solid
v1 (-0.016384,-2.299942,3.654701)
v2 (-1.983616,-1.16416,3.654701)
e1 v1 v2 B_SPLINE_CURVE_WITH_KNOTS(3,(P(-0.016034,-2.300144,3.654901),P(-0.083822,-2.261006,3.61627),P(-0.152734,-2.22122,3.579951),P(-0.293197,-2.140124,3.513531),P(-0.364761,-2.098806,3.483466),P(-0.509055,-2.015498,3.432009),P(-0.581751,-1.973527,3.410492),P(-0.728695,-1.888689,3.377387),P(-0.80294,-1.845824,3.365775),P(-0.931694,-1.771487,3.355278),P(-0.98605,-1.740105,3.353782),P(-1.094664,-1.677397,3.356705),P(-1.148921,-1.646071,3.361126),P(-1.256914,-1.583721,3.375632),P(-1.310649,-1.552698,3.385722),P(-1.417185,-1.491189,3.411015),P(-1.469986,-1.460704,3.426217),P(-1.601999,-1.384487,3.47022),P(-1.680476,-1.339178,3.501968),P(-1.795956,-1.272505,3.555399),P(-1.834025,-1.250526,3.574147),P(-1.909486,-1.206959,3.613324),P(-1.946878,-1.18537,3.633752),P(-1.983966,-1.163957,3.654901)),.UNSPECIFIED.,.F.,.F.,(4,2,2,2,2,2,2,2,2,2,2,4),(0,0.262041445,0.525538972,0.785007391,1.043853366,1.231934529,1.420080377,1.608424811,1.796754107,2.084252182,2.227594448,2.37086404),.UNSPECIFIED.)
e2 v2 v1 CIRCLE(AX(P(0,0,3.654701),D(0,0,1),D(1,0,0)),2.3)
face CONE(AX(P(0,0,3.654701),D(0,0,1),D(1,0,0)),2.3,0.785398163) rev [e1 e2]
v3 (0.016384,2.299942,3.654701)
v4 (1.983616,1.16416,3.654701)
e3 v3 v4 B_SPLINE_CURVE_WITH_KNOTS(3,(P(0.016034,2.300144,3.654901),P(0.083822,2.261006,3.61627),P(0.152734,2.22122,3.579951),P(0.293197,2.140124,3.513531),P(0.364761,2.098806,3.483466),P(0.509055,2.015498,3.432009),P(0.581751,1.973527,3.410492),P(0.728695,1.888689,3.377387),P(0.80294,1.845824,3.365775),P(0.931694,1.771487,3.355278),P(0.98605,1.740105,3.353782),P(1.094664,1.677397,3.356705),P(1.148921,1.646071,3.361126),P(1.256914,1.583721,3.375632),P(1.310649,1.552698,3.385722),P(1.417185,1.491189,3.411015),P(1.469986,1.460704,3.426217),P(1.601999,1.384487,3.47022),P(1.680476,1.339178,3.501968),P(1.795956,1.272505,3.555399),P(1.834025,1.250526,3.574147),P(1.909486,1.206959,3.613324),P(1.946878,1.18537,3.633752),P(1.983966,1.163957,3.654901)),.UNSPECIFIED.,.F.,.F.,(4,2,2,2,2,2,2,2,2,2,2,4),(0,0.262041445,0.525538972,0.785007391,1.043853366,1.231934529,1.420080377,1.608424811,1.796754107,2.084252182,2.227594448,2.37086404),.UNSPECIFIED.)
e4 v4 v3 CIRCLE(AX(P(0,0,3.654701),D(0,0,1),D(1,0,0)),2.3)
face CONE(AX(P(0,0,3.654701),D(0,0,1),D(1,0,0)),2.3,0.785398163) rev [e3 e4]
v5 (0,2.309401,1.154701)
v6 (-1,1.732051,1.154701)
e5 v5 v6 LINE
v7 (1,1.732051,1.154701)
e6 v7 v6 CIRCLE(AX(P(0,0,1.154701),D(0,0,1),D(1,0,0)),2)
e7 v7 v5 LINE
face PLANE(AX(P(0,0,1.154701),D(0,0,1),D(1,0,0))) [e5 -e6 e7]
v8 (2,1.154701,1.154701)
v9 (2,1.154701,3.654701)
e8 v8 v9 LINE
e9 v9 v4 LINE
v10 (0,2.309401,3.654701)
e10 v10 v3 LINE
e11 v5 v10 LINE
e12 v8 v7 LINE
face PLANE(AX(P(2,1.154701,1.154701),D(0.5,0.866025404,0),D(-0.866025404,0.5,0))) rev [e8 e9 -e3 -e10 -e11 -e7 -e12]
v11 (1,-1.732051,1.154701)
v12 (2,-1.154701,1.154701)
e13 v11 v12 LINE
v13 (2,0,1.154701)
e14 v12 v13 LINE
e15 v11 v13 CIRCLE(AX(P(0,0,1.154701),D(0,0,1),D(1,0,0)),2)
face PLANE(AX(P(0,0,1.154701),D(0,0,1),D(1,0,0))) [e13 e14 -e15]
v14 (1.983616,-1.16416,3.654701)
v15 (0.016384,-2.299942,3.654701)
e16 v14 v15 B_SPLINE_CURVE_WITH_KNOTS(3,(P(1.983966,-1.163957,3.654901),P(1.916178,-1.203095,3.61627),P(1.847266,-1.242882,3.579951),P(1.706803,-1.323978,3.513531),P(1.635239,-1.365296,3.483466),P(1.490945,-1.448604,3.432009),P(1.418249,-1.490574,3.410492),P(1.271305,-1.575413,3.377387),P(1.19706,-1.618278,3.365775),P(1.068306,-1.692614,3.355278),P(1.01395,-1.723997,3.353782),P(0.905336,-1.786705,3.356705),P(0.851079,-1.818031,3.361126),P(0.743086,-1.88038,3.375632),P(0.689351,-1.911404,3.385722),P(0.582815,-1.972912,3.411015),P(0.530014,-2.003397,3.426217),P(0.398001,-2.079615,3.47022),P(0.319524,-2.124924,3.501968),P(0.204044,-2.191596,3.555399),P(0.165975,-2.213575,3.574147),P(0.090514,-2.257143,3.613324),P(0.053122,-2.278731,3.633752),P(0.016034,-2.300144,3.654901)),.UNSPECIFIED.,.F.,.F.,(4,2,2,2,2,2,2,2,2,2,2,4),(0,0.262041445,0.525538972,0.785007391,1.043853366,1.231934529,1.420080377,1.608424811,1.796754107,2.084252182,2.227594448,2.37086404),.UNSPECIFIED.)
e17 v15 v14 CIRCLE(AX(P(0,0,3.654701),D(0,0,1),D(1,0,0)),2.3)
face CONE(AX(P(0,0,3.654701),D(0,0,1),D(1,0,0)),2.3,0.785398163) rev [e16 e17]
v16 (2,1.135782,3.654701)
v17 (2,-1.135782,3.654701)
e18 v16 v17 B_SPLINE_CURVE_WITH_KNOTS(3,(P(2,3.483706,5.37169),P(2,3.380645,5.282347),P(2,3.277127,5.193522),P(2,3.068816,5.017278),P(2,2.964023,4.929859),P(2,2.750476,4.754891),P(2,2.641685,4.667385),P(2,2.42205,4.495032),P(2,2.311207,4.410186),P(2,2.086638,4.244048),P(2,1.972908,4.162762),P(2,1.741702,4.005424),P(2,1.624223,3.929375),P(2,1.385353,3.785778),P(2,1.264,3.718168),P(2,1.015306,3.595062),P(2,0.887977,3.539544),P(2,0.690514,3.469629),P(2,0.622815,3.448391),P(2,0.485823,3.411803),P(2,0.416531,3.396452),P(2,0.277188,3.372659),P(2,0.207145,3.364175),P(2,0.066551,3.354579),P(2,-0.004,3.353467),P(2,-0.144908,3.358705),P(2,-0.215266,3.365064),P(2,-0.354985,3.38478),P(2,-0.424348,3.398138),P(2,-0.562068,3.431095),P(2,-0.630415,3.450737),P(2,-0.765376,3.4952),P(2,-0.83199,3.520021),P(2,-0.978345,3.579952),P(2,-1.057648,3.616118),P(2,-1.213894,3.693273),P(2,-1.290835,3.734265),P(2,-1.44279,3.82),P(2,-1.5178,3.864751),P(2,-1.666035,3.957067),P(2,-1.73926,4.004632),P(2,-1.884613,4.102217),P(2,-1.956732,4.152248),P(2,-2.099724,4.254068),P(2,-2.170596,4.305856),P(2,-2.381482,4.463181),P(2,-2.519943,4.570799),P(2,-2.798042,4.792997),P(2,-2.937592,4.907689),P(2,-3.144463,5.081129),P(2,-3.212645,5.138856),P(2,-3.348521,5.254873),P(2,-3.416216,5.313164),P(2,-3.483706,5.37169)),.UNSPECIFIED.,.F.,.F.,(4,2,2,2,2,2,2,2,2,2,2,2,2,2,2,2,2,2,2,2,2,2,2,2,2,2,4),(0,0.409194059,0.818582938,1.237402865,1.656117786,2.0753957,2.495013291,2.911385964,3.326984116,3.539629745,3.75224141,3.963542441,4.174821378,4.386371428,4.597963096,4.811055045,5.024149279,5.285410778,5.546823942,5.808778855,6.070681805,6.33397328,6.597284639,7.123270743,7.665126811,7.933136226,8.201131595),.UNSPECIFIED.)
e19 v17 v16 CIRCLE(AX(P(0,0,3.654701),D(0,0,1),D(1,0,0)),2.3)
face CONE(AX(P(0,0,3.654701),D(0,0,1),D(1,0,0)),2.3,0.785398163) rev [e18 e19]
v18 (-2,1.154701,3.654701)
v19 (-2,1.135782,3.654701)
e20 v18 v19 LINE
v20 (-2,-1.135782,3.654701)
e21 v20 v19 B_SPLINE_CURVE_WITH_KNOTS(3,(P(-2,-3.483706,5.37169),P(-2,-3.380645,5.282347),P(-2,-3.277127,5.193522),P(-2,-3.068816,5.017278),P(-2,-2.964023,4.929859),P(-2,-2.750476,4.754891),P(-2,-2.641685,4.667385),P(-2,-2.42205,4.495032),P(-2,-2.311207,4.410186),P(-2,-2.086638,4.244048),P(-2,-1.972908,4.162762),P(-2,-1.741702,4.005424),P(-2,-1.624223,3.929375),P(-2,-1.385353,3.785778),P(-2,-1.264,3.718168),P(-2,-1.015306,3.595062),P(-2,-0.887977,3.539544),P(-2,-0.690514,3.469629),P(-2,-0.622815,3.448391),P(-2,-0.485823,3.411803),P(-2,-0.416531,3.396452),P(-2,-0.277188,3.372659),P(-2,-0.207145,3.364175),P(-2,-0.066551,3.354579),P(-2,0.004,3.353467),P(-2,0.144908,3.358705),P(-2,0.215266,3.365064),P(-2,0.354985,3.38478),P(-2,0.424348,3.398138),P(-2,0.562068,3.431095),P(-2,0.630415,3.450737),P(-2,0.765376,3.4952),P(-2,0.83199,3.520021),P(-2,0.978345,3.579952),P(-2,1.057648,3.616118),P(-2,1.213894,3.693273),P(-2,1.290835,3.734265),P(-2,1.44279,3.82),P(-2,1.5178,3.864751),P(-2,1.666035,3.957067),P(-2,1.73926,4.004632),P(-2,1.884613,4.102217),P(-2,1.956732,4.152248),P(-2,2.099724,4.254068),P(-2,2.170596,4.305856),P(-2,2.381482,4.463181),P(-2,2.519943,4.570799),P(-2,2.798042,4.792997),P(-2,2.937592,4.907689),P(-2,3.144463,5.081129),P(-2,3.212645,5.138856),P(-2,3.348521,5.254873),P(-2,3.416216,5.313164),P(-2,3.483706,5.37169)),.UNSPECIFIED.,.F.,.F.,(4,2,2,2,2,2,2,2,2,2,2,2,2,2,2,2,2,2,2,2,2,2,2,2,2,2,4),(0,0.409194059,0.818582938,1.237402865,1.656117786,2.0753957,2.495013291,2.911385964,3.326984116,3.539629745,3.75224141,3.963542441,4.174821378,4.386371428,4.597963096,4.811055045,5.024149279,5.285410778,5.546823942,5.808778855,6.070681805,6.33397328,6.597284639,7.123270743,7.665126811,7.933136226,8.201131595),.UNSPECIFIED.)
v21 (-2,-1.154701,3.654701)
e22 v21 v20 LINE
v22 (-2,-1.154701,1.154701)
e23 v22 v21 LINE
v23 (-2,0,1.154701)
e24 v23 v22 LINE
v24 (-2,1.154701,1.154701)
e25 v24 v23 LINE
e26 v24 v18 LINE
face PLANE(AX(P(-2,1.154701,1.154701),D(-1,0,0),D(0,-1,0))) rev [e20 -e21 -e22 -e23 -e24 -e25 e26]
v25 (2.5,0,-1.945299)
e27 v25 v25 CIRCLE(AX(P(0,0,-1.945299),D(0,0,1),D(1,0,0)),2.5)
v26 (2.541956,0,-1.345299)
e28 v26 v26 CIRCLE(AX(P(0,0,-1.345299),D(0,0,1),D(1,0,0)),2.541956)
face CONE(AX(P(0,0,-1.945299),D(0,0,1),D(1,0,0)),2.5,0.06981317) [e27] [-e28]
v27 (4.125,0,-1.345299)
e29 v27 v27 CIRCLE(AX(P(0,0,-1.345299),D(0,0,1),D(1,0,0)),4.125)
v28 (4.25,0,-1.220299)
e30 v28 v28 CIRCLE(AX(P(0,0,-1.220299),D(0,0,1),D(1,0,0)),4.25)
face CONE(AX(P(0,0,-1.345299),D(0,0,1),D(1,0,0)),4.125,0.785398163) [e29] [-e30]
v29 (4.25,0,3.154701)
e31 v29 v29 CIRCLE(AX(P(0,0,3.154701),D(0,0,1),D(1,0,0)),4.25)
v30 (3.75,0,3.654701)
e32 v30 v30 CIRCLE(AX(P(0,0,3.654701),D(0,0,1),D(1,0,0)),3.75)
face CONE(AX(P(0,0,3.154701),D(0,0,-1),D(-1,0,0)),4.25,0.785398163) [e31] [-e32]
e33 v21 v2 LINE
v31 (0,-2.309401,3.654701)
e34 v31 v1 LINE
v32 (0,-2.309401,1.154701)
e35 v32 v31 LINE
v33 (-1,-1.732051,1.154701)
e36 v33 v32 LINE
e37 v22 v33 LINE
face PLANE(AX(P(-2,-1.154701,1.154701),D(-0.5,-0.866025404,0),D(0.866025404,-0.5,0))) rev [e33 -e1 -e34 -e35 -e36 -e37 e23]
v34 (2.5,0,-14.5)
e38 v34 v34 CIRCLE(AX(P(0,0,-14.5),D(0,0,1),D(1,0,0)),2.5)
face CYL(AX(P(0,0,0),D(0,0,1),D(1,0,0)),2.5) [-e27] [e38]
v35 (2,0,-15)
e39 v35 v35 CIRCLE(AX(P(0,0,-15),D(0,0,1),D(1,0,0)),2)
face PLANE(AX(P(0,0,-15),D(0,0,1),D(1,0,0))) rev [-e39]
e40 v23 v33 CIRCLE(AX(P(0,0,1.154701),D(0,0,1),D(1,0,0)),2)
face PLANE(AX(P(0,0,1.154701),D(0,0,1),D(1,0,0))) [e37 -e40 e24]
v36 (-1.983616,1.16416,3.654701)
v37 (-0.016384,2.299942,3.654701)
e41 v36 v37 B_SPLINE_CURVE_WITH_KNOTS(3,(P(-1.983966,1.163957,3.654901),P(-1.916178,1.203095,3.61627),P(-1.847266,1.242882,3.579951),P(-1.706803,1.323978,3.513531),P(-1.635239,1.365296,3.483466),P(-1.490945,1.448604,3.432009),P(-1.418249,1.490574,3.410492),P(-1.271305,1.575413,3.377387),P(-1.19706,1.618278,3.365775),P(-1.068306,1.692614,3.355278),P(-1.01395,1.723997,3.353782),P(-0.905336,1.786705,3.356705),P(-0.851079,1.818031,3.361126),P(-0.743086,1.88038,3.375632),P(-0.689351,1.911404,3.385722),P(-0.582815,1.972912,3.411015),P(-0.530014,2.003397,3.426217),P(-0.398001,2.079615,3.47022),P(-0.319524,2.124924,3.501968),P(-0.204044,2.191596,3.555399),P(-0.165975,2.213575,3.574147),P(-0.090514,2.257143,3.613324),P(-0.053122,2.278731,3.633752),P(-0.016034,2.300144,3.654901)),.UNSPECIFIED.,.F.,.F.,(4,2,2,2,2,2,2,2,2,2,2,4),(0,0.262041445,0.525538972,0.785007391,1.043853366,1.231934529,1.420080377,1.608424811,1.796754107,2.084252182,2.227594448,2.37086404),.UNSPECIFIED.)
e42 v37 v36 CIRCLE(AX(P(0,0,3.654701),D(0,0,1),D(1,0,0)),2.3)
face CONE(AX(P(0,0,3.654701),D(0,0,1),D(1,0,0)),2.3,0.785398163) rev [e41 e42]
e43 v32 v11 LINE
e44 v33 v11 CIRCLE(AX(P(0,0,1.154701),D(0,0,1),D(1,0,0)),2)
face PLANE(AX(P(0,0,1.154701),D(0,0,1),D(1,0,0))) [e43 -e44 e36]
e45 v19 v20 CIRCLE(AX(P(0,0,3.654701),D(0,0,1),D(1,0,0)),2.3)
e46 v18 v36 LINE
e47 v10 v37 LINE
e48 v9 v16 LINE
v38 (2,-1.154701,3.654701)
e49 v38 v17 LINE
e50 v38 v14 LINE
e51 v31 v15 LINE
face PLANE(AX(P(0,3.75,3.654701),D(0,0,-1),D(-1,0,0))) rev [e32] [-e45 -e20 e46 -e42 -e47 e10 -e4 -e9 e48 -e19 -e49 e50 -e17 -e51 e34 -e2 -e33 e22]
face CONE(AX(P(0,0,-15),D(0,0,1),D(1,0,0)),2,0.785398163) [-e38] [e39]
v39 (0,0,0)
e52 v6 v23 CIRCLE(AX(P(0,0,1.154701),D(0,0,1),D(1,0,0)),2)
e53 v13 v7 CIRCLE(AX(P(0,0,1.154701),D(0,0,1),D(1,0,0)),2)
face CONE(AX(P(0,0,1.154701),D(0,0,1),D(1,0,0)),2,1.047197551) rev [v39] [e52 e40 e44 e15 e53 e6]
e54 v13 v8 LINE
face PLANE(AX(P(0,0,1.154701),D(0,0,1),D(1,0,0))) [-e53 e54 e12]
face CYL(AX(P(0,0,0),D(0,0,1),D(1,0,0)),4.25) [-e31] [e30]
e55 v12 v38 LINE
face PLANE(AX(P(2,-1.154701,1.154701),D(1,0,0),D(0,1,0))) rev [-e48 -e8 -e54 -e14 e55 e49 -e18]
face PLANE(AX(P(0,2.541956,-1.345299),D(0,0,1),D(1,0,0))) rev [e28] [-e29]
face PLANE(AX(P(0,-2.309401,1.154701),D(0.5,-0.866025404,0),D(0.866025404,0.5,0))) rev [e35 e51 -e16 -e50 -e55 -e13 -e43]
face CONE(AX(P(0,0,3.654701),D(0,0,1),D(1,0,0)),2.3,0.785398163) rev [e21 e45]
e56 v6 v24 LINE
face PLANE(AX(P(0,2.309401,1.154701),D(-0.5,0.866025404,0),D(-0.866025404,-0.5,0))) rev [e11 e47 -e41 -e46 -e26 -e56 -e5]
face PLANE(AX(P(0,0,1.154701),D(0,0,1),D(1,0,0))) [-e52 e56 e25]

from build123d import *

# Parameters (mm, degrees)
CORTAR_EXTRUIR1_DEPTH = 2.5


with BuildPart() as part:
    # Croquis1 → Revolución1 (revolve)
    with BuildSketch(Plane(origin=(0, 0, 0), x_dir=(0, 0, -1), z_dir=(1, 0, 0)), mode=Mode.PRIVATE) as revoluci_n1_sk:
        Polygon((0, 0), (15, 0), (15, 2), (14.5, 2.5), (1.945299462, 2.5), (1.345299462, 2.541956087), (1.345299462, 4.125), (1.220299462, 4.25), (-3.154700538, 4.25), (-3.654700538, 3.75), (-3.654700538, 2.3), (-3.354700538, 2), (-1.154700538, 2), align=None)
    revolve(revoluci_n1_sk.sketch.rotate(Axis((0, 0, 0), (0, 0, -1)), 90), axis=Axis((0, 0, 0), (0, 0, -1)))

    # Croquis2 → Cortar-Extruir1 (cut)
    with BuildSketch(Plane.XY.offset(3.654700538)):
        Polygon((0, 2.309401077), (-2, 1.154700538), (-2, -1.154700538), (0, -2.309401077), (2, -1.154700538), (2, 1.154700538), align=None)
    extrude(amount=-CORTAR_EXTRUIR1_DEPTH, mode=Mode.SUBTRACT)


solid = part.part
